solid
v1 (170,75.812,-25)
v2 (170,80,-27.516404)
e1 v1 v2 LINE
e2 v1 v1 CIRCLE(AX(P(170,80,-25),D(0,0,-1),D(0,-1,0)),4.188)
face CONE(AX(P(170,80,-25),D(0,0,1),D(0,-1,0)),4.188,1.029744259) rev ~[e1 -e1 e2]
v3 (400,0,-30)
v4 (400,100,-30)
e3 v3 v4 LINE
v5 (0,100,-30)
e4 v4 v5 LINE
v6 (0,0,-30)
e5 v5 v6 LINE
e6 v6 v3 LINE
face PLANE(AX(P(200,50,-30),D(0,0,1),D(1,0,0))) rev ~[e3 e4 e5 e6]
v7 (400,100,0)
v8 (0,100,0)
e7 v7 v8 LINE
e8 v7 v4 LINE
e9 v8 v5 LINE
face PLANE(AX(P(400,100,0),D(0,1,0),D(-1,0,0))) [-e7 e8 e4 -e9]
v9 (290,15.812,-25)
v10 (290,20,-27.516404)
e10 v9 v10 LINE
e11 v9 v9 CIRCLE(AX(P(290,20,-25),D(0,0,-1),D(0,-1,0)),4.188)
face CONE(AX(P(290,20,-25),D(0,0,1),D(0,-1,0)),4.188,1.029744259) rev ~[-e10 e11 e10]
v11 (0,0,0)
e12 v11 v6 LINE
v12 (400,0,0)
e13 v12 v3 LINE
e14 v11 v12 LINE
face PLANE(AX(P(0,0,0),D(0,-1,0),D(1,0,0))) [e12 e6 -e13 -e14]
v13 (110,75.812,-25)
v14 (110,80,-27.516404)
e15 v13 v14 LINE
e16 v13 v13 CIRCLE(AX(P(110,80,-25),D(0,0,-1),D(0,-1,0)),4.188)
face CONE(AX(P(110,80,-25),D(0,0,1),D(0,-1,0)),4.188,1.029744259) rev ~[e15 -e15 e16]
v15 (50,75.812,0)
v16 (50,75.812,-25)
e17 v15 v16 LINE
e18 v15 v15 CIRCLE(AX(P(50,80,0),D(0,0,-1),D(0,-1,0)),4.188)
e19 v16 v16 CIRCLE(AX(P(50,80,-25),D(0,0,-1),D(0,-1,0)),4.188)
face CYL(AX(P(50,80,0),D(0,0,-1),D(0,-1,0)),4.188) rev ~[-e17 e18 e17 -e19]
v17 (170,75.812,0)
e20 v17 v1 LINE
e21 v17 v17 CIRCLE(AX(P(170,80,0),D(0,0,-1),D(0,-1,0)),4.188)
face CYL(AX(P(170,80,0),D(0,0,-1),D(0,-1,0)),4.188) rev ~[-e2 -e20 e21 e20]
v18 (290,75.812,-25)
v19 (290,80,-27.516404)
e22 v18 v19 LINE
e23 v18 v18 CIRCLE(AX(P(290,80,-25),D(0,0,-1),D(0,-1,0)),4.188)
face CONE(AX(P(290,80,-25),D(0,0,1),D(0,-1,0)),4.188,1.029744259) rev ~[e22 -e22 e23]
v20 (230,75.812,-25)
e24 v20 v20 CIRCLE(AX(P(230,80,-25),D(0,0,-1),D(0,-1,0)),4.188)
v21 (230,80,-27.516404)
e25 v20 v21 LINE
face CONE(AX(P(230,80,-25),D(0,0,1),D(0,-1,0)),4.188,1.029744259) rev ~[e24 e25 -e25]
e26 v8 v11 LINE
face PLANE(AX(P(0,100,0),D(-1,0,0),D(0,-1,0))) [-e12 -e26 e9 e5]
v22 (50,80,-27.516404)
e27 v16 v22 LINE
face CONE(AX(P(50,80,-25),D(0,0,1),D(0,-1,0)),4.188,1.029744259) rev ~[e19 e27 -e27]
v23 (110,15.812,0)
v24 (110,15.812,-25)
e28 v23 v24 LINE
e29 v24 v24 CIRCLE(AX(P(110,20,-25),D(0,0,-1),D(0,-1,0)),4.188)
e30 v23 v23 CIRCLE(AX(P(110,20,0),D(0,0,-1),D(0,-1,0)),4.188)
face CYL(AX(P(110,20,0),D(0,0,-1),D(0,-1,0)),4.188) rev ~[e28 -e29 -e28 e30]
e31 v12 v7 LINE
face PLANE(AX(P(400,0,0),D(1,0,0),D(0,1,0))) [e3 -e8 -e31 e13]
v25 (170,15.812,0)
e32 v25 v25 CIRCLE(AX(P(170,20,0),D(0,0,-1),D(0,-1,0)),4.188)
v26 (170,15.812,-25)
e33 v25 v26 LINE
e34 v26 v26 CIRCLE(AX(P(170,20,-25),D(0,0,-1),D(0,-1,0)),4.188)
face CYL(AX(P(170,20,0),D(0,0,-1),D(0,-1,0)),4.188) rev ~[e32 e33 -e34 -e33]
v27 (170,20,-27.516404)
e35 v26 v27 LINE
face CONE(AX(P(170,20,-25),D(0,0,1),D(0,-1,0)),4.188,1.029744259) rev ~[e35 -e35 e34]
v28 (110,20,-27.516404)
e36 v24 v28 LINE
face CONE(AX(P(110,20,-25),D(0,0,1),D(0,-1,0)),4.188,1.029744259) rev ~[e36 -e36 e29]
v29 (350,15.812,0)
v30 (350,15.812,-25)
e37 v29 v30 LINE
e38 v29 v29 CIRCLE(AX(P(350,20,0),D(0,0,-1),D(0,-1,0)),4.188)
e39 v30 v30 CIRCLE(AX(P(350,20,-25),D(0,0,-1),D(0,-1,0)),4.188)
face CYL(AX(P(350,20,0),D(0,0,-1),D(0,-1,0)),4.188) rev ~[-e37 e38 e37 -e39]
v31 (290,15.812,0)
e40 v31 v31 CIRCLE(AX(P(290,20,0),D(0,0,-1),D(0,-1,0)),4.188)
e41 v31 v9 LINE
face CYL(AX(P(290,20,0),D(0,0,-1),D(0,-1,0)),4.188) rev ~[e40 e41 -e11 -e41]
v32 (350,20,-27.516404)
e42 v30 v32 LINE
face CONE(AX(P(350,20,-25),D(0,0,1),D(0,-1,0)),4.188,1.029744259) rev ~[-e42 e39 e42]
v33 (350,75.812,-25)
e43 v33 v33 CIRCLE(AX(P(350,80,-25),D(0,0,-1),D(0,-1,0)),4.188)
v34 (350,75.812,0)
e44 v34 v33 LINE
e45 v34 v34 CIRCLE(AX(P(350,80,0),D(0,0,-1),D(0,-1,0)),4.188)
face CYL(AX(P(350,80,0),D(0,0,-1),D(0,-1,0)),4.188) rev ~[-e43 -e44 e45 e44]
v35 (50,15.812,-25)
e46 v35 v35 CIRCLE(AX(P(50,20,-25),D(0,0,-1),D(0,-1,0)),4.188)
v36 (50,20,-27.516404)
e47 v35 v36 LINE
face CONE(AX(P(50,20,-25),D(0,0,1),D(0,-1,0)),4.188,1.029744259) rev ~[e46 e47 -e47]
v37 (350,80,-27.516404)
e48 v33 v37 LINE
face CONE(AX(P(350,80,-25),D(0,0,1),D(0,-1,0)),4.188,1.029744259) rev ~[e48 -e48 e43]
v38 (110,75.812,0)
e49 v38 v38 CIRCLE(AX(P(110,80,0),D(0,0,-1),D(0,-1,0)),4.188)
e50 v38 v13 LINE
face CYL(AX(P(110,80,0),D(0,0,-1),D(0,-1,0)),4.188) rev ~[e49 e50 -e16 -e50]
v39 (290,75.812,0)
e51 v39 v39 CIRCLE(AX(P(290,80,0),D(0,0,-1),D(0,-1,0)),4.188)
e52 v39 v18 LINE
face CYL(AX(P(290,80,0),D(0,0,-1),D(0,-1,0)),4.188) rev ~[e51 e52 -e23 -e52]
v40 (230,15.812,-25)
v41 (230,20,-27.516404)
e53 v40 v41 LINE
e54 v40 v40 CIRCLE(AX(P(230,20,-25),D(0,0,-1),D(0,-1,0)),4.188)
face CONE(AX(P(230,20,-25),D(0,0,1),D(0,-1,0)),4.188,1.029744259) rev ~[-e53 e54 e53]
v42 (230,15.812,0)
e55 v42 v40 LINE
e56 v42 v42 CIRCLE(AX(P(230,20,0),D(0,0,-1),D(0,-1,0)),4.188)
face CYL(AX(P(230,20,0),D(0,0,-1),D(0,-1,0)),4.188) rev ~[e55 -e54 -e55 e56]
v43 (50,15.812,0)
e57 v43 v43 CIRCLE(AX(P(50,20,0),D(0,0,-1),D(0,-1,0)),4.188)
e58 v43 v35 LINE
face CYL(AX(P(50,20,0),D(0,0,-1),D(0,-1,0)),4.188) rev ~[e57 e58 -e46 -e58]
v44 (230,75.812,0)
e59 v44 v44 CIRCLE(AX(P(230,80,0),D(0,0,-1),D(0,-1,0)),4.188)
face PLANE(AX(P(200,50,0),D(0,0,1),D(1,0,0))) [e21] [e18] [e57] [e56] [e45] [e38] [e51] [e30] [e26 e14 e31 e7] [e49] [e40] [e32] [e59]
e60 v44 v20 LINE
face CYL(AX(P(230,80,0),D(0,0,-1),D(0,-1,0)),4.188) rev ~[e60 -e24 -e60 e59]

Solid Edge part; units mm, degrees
sketch "Sketch1" plane through (0, 0, 0) normal (0, 0, 1) x (1, 0, 0)
  line L0 (0, 0) -> (400, 0)
  line L1 (400, 0) -> (400, 100)
  line L2 (400, 100) -> (0, 100)
  line L3 (0, 100) -> (0, 0)
  dimension "D1" = 400
  dimension "D2" = 100
extrude "Protrusion1" add sketch "Sketch1" against normal blind 30
hole "Hole_1" at (50, 80, 0) direction (0, 0, -1) diameter 8.376 depth 25 tip angle 118 thread major 10 thread length 20
hole "Hole1" at (50, 20, 0) direction (0, 0, -1) diameter 8.376 depth 25 tip angle 118 thread major 10 thread length 20
hole "Hole2" at (110, 80, 0) direction (0, 0, -1) diameter 8.376 depth 25 tip angle 118 thread major 10 thread length 20
hole "Hole3" at (110, 20, 0) direction (0, 0, -1) diameter 8.376 depth 25 tip angle 118 thread major 10 thread length 20
hole "Hole4" at (170, 80, 0) direction (0, 0, -1) diameter 8.376 depth 25 tip angle 118 thread major 10 thread length 20
hole "Hole5" at (230, 80, 0) direction (0, 0, -1) diameter 8.376 depth 25 tip angle 118 thread major 10 thread length 20
hole "Hole6" at (170, 20, 0) direction (0, 0, -1) diameter 8.376 depth 25 tip angle 118 thread major 10 thread length 20
hole "Hole7" at (230, 20, 0) direction (0, 0, -1) diameter 8.376 depth 25 tip angle 118 thread major 10 thread length 20
hole "Hole8" at (290, 80, 0) direction (0, 0, -1) diameter 8.376 depth 25 tip angle 118 thread major 10 thread length 20
hole "Hole9" at (350, 80, 0) direction (0, 0, -1) diameter 8.376 depth 25 tip angle 118 thread major 10 thread length 20
hole "Hole10" at (290, 20, 0) direction (0, 0, -1) diameter 8.376 depth 25 tip angle 118 thread major 10 thread length 20
hole "Hole11" at (350, 20, 0) direction (0, 0, -1) diameter 8.376 depth 25 tip angle 118 thread major 10 thread length 20
